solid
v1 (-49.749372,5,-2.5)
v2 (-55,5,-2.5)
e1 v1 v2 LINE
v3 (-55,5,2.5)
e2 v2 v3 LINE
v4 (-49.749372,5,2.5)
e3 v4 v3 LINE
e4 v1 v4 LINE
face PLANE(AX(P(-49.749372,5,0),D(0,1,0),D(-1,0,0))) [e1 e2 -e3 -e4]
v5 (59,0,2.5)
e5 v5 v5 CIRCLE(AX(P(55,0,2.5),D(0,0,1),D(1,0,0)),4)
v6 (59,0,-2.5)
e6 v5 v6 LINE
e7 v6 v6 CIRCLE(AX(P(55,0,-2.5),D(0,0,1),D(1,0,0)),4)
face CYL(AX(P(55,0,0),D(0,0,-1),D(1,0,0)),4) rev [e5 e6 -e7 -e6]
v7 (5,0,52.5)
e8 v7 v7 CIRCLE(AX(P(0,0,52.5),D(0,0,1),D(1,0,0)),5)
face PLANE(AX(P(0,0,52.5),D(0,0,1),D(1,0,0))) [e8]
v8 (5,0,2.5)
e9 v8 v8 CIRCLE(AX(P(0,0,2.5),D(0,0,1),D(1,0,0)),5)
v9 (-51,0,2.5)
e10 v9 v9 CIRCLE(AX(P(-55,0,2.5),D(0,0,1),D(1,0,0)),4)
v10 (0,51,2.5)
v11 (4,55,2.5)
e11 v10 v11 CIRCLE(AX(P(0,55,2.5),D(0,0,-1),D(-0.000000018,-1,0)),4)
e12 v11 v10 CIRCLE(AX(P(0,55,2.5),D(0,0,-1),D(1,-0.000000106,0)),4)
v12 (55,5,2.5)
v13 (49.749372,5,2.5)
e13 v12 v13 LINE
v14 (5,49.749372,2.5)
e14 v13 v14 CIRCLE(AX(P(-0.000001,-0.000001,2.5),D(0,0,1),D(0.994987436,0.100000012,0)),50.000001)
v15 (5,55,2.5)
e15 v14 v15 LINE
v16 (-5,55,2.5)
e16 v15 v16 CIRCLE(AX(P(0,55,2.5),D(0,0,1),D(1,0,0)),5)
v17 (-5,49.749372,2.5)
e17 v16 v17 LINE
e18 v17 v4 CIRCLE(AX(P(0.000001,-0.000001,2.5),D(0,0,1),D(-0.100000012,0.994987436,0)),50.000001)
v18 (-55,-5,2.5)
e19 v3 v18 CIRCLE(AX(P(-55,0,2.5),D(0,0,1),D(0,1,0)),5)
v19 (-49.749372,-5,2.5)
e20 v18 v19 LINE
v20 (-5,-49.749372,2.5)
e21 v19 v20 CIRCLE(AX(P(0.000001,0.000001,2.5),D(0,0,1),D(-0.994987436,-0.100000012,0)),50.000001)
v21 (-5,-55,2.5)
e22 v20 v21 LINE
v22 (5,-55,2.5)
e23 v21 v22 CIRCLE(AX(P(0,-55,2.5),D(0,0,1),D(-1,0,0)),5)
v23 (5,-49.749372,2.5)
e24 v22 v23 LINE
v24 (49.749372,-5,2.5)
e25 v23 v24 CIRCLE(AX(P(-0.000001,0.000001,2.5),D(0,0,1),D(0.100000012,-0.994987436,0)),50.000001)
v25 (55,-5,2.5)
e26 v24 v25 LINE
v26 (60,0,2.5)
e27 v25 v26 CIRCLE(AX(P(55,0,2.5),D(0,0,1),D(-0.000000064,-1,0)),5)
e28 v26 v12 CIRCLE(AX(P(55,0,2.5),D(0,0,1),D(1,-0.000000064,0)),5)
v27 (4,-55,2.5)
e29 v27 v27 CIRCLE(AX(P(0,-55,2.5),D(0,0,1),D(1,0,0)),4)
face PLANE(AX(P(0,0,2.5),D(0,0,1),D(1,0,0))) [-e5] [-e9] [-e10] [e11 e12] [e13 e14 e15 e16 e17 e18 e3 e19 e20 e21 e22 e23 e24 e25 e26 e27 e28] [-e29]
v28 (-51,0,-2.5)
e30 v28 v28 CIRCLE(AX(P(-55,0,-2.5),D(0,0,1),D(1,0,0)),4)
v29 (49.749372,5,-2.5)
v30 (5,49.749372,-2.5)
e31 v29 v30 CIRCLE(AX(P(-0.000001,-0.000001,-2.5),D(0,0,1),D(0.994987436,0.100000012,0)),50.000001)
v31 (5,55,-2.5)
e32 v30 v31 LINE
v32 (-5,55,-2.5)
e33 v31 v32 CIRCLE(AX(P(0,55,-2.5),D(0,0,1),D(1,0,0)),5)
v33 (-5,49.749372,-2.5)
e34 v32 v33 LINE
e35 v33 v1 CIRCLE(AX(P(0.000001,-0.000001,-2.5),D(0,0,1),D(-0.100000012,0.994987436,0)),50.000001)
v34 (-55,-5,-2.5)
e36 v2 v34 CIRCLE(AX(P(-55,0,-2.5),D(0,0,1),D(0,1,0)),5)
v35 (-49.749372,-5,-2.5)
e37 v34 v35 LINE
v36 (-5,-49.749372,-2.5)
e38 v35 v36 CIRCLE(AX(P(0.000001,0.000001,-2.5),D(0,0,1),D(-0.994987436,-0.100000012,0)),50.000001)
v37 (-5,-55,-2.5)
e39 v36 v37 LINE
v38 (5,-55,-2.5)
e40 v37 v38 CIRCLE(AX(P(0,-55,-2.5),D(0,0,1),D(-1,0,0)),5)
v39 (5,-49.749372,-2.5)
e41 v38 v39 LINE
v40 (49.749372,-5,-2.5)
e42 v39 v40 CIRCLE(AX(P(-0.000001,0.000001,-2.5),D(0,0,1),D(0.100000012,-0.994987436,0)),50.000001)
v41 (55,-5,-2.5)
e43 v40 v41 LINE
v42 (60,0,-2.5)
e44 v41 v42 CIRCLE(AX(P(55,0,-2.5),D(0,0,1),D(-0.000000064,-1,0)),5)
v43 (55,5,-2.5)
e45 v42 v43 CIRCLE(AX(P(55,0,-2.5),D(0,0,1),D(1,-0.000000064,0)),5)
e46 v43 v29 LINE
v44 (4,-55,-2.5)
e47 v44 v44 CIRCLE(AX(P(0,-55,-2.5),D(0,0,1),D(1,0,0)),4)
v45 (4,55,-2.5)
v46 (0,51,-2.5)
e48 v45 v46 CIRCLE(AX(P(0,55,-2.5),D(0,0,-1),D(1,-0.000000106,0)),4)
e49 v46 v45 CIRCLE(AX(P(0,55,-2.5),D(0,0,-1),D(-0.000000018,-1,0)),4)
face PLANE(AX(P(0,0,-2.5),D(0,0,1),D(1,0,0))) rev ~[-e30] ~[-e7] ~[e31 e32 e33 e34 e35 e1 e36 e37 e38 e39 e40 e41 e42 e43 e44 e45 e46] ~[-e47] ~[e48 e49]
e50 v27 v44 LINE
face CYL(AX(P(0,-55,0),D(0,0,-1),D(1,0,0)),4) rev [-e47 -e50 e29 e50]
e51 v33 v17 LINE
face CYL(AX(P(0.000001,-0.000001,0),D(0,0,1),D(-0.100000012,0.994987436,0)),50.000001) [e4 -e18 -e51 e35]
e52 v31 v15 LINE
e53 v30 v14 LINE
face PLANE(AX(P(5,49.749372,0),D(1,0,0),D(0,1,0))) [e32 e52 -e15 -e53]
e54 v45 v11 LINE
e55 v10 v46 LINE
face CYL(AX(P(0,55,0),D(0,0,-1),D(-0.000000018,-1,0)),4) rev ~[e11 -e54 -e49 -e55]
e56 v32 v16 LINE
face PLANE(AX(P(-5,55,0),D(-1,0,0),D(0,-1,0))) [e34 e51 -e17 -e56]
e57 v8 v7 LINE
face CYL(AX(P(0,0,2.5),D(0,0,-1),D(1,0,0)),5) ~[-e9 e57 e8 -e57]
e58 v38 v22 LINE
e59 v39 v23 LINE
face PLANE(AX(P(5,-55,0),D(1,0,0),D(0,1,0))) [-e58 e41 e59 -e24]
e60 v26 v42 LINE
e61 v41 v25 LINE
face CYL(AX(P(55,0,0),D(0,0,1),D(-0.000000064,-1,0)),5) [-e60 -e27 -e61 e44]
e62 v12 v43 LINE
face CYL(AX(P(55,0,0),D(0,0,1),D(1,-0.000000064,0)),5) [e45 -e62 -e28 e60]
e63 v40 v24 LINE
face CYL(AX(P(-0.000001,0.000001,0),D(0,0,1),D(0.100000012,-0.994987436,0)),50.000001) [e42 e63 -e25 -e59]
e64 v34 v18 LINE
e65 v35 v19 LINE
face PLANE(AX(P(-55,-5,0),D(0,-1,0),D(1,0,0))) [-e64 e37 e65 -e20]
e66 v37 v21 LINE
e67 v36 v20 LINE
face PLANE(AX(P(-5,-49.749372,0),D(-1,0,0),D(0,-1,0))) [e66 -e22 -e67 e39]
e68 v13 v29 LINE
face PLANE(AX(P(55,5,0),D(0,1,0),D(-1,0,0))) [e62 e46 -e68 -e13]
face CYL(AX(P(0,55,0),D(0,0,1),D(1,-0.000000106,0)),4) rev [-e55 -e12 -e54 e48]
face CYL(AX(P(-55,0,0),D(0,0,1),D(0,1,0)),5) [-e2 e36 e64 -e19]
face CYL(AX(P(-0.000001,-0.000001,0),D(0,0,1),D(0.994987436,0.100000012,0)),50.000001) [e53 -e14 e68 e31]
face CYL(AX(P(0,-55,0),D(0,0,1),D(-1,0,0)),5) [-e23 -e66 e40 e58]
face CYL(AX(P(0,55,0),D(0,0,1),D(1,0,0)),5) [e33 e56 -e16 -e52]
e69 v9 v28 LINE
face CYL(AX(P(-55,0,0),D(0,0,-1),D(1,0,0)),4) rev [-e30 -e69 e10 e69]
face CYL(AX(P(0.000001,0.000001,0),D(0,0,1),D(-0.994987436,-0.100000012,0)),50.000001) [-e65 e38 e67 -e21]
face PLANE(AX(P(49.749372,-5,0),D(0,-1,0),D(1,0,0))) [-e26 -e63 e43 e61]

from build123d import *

# Parameters (mm, degrees)
F0_R     = 4
F1_DEPTH = 2.5
F2_R     = 5
F3_DEPTH = 50


with BuildPart() as f1:
    # F0 (on Top) → F1 (new body, symmetric)
    with BuildSketch(Plane.XY):
        with BuildLine():
            ThreePointArc((49.749372, -5), (49.937304, -2.503139), (50, 0))
            ThreePointArc((50, 0), (49.937304, 2.503139), (49.749372, 5))
            ThreePointArc((49.749372, 5), (35.355339, 35.355339), (5, 49.749372))
            ThreePointArc((5, 49.749372), (2.503139, 49.937304), (0, 50))
            ThreePointArc((0, 50), (-2.503139, 49.937304), (-5, 49.749372))
            ThreePointArc((-5, 49.749372), (-35.355339, 35.355339), (-49.749372, 5))
            ThreePointArc((-49.749372, 5), (-49.937304, 2.503139), (-50, 0))
            ThreePointArc((-50, 0), (-49.937304, -2.503139), (-49.749372, -5))
            ThreePointArc((-49.749372, -5), (-35.355339, -35.355339), (-5, -49.749372))
            ThreePointArc((-5, -49.749372), (-2.503139, -49.937304), (0, -50))
            ThreePointArc((0, -50), (2.503139, -49.937304), (5, -49.749372))
            ThreePointArc((5, -49.749372), (35.355339, -35.355339), (49.749372, -5))
        make_face()
        with BuildLine():
            ThreePointArc((-5, 55), (-3.535534, 51.464466), (0, 50))
            ThreePointArc((0, 50), (3.535534, 51.464466), (5, 55))
            ThreePointArc((5, 55), (0, 60), (-5, 55))
        make_face()
        with BuildLine():
            ThreePointArc((4, 55), (2.828427, 52.171573), (0, 51))
            ThreePointArc((0, 51), (-2.828427, 57.828427), (4, 55))
        make_face(mode=Mode.SUBTRACT)
        with BuildLine():
            ThreePointArc((-5, 49.749372), (-2.503139, 49.937304), (0, 50))
            ThreePointArc((0, 50), (-3.535534, 51.464466), (-5, 55))
            Line((-5, 55), (-5, 49.749372))
        make_face()
        with BuildLine():
            ThreePointArc((0, 50), (2.503139, 49.937304), (5, 49.749372))
            Line((5, 49.749372), (5, 55))
            ThreePointArc((5, 55), (3.535534, 51.464466), (0, 50))
        make_face()
        with BuildLine():
            ThreePointArc((55, 5), (51.464466, 3.535534), (50, 0))
            ThreePointArc((50, 0), (51.464466, -3.535534), (55, -5))
            ThreePointArc((55, -5), (58.535534, -3.535534), (60, 0))
            ThreePointArc((60, 0), (58.535534, 3.535534), (55, 5))
        make_face()
        with Locations((55, 0)):
            Circle(F0_R, mode=Mode.SUBTRACT)
        with BuildLine():
            ThreePointArc((55, -5), (51.464466, -3.535534), (50, 0))
            ThreePointArc((50, 0), (49.937304, -2.503139), (49.749372, -5))
            Line((49.749372, -5), (55, -5))
        make_face()
        with BuildLine():
            ThreePointArc((49.749372, 5), (49.937304, 2.503139), (50, 0))
            ThreePointArc((50, 0), (51.464466, 3.535534), (55, 5))
            Line((55, 5), (49.749372, 5))
        make_face()
        with BuildLine():
            Line((5, -55), (5, -49.749372))
            ThreePointArc((5, -49.749372), (2.503139, -49.937304), (0, -50))
            ThreePointArc((0, -50), (3.535534, -51.464466), (5, -55))
        make_face()
        with BuildLine():
            ThreePointArc((-5, -55), (-3.535534, -51.464466), (0, -50))
            ThreePointArc((0, -50), (-2.503139, -49.937304), (-5, -49.749372))
            Line((-5, -49.749372), (-5, -55))
        make_face()
        with BuildLine():
            ThreePointArc((5, -55), (3.535534, -51.464466), (0, -50))
            ThreePointArc((0, -50), (-3.535534, -51.464466), (-5, -55))
            ThreePointArc((-5, -55), (0, -60), (5, -55))
        make_face()
        with Locations((0, -55)):
            Circle(F0_R, mode=Mode.SUBTRACT)
        with BuildLine():
            ThreePointArc((-55, -5), (-51.464466, -3.535534), (-50, 0))
            ThreePointArc((-50, 0), (-51.464466, 3.535534), (-55, 5))
            ThreePointArc((-55, 5), (-60, 0), (-55, -5))
        make_face()
        with Locations((-55, 0)):
            Circle(F0_R, mode=Mode.SUBTRACT)
        with BuildLine():
            Line((-55, -5), (-49.749372, -5))
            ThreePointArc((-49.749372, -5), (-49.937304, -2.503139), (-50, 0))
            ThreePointArc((-50, 0), (-51.464466, -3.535534), (-55, -5))
        make_face()
        with BuildLine():
            ThreePointArc((-50, 0), (-49.937304, 2.503139), (-49.749372, 5))
            Line((-49.749372, 5), (-55, 5))
            ThreePointArc((-55, 5), (-51.464466, 3.535534), (-50, 0))
        make_face()
    extrude(amount=F1_DEPTH, both=True)

    # F2 (on face) → F3 (join)
    with BuildSketch(Plane.XY.offset(2.5)):
        Circle(F2_R)
    extrude(amount=F3_DEPTH)


solid = f1.part
